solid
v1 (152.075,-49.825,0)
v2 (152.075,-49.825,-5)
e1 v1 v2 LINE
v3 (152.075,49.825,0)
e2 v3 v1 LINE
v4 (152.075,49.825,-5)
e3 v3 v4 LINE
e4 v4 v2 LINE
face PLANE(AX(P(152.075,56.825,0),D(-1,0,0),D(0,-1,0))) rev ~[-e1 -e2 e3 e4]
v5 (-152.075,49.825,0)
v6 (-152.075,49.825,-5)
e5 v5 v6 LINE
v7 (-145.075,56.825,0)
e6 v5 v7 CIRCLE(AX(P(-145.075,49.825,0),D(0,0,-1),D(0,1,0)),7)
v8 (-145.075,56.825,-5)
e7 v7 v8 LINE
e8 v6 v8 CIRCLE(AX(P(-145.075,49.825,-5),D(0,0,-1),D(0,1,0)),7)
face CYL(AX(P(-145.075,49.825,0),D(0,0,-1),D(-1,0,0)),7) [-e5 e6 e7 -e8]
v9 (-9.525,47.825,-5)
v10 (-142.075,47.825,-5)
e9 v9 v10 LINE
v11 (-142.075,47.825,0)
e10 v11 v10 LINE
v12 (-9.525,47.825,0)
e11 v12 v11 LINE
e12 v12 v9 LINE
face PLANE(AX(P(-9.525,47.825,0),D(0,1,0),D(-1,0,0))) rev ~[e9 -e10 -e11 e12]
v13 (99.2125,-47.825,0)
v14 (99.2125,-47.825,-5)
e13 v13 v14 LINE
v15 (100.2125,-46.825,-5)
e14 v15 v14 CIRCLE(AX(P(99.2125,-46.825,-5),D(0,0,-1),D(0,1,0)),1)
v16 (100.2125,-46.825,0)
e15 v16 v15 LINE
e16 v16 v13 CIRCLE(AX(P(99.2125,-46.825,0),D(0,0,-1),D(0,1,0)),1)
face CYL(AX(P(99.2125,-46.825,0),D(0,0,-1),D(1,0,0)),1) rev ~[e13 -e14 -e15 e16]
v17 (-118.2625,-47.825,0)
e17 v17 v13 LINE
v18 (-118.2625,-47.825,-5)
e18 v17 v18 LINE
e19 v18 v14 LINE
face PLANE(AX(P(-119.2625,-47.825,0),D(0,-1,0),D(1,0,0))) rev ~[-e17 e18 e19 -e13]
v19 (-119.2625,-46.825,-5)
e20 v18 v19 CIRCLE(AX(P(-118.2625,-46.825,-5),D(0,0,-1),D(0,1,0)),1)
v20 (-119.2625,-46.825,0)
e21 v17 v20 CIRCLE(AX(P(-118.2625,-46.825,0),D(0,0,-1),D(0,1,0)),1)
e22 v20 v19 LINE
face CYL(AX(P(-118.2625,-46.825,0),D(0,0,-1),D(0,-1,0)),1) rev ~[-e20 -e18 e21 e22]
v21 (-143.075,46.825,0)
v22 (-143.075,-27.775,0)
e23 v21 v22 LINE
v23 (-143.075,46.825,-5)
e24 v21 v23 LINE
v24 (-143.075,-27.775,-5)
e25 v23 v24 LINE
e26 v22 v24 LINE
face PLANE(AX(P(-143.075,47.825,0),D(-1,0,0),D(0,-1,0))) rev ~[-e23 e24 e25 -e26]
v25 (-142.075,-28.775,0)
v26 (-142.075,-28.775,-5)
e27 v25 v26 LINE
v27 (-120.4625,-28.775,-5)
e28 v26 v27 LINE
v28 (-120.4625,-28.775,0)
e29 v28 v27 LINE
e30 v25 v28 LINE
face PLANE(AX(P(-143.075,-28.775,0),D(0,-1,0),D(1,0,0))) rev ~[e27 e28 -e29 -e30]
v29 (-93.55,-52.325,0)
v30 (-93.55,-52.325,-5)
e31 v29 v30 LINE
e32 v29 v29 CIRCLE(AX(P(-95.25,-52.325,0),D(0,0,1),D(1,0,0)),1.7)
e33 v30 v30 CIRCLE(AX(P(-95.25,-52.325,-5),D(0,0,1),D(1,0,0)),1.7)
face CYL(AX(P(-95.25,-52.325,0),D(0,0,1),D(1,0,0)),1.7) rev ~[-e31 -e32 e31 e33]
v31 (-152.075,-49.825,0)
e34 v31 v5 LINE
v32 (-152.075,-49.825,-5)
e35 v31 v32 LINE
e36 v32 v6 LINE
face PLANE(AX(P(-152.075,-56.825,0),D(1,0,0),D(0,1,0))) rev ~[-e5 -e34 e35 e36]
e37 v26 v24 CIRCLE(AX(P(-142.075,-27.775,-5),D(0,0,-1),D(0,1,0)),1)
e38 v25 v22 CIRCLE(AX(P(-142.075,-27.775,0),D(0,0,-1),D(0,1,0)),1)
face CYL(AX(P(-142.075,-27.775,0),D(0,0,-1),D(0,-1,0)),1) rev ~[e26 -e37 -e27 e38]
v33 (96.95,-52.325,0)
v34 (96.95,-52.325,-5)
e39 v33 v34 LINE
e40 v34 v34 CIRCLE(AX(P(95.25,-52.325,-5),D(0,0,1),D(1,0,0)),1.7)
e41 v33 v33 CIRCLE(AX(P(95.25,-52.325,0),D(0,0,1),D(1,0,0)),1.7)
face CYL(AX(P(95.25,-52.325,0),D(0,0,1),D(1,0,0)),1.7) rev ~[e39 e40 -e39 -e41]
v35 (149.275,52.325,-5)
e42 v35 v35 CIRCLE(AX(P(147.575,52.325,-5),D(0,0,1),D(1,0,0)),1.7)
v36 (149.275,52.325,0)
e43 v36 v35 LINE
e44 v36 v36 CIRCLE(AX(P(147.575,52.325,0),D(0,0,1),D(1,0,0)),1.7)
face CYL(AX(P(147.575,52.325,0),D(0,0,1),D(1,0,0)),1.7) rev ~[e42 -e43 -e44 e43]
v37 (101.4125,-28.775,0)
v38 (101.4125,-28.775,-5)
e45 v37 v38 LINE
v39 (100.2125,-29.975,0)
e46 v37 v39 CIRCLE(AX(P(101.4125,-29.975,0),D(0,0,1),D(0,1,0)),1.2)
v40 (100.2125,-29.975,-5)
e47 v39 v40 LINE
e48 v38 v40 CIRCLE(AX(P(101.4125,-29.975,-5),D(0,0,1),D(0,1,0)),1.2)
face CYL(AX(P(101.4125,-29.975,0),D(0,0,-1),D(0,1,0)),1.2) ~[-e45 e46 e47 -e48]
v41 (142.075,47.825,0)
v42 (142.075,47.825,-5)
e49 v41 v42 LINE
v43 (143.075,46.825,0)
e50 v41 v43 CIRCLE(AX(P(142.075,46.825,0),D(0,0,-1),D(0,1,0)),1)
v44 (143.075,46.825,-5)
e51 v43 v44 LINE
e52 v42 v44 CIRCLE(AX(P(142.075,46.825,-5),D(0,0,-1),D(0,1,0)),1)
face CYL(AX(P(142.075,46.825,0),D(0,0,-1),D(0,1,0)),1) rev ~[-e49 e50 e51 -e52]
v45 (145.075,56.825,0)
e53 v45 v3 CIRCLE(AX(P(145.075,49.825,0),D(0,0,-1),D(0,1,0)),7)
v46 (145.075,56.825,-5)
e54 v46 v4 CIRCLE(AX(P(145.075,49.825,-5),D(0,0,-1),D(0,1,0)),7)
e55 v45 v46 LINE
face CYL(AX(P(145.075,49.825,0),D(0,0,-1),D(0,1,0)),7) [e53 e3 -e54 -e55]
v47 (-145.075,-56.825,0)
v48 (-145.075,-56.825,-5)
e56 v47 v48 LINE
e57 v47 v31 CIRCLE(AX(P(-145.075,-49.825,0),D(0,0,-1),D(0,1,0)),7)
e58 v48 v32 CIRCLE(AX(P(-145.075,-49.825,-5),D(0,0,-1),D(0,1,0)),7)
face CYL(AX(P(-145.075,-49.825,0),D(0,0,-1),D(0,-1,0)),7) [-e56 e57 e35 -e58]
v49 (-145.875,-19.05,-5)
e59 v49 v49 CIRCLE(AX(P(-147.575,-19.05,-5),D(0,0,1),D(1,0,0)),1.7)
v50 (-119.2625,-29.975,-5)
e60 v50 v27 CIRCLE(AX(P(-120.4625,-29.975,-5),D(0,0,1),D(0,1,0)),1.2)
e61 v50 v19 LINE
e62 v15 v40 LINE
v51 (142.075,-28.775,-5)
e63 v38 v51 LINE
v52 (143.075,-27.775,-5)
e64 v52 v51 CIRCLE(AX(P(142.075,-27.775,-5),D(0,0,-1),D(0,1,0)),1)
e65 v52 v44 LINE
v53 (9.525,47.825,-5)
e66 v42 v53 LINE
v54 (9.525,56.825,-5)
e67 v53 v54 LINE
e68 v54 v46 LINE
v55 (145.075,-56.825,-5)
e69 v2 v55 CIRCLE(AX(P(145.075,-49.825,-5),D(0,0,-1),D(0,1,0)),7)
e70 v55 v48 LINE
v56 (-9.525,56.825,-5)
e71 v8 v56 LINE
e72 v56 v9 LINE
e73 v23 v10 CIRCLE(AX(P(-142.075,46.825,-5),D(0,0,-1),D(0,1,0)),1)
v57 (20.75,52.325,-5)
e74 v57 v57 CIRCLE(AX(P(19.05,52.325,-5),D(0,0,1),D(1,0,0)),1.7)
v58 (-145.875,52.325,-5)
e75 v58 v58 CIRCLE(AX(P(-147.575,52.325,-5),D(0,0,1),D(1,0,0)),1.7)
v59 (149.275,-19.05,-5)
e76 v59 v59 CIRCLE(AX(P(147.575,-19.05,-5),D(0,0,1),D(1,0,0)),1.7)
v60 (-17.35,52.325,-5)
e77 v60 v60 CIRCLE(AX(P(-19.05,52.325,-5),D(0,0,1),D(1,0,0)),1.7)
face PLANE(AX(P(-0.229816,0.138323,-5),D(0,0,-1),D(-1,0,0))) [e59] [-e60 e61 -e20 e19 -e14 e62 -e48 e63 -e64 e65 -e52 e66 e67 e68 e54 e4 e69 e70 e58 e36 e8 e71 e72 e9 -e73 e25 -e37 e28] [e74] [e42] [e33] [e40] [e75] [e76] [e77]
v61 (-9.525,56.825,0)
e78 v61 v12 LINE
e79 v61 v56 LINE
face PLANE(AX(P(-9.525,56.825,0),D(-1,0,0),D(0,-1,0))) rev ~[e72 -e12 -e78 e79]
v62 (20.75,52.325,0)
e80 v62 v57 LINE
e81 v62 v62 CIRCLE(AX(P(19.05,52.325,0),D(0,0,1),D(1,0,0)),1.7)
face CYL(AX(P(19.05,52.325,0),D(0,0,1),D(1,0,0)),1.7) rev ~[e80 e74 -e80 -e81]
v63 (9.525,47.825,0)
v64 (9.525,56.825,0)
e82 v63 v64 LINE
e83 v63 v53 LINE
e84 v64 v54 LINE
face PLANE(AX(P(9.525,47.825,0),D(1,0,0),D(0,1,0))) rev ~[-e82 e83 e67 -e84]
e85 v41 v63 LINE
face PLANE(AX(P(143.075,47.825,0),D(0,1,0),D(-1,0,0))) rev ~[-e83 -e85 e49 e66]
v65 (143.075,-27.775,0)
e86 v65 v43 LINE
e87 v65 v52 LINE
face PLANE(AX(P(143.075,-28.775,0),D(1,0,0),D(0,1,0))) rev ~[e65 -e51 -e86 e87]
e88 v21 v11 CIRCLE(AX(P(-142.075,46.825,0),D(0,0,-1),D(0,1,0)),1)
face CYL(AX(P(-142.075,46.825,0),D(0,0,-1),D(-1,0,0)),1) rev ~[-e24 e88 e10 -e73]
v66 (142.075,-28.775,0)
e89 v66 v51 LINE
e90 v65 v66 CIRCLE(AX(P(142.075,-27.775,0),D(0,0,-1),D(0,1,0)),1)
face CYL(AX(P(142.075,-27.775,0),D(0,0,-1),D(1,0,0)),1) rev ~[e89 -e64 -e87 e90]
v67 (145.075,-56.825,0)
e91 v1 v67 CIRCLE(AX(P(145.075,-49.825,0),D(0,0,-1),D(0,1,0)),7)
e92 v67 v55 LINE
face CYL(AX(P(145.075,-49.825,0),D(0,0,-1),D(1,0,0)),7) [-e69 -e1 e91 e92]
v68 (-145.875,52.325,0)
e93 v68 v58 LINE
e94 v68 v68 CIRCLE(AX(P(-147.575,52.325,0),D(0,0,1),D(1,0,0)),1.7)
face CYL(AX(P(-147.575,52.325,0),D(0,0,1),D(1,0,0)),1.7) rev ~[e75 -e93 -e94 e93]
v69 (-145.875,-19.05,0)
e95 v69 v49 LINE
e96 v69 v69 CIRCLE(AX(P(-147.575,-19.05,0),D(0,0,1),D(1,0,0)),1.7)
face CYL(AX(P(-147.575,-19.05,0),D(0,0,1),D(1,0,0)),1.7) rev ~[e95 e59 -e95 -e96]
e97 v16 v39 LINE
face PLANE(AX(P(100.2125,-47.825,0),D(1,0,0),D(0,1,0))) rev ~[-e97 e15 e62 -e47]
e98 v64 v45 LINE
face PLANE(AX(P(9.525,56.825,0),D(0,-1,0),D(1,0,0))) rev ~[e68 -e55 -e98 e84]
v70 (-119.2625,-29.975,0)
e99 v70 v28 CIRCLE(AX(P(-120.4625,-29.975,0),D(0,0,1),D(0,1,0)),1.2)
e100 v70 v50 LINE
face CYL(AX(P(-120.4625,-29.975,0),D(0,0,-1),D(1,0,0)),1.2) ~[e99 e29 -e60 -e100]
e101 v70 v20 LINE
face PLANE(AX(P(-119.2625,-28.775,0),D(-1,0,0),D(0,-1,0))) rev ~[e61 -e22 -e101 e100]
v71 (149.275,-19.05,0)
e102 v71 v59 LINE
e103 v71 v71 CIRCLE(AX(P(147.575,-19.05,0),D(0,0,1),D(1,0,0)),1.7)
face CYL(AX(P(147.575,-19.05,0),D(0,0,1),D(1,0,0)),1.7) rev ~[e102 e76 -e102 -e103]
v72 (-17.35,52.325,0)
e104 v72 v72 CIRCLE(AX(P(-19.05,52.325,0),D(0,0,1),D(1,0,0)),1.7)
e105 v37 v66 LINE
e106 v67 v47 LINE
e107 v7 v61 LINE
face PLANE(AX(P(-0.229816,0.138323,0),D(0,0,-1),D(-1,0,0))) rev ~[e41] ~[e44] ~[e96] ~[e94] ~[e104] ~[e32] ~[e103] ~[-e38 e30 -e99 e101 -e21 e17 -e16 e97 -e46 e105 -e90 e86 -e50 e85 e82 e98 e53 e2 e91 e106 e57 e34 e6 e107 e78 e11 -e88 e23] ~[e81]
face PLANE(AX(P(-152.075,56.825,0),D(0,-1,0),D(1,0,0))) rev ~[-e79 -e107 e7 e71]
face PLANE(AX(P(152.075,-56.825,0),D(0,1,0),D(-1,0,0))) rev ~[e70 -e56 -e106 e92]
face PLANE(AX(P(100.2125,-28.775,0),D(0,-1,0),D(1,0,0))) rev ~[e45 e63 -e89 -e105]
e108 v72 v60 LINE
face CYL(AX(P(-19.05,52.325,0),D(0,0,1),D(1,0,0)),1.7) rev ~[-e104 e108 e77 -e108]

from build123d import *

# Parameters (mm, degrees)
PAD001_DEPTH  = 5
FILLET004_R   = 7
FILLET005_R   = 1
FILLET006_R   = 1.2
SKETCH014_R   = 1.7
HOLE003_DEPTH = 25


with BuildPart() as part:
    # Sketch001 → Pad001 (new body)
    with BuildSketch(Plane.XY):
        Polygon((-9.525, 56.825), (-9.525, 47.825), (-143.075, 47.825), (-143.075, -28.775), (-119.2625, -28.775), (-119.2625, -47.825), (100.2125, -47.825), (100.2125, -28.775), (143.075, -28.775), (143.075, 47.825), (9.525, 47.825), (9.525, 56.825), (152.075, 56.825), (152.075, -56.825), (-152.075, -56.825), (-152.075, 56.825), align=None)
    extrude(amount=-PAD001_DEPTH)

    # Fillet004
    fillet004_edges = [part.edges().sort_by_distance(p)[0] for p in [
        (-152.075, 56.825, -2.5),
        (-152.075, -56.825, -2.5),
        (152.075, 56.825, -2.5),
        (152.075, -56.825, -2.5),
    ]]
    fillet(fillet004_edges, radius=FILLET004_R)

    # Fillet005
    fillet005_edges = [part.edges().sort_by_distance(p)[0] for p in [
        (-143.075, 47.825, -2.5),
        (-143.075, -28.775, -2.5),
        (-119.2625, -47.825, -2.5),
        (100.2125, -47.825, -2.5),
        (143.075, -28.775, -2.5),
        (143.075, 47.825, -2.5),
    ]]
    fillet(fillet005_edges, radius=FILLET005_R)

    # Fillet006
    fillet006_edges = [part.edges().sort_by_distance(p)[0] for p in [
        (100.2125, -28.775, -2.5),
        (-119.2625, -28.775, -2.5),
    ]]
    fillet(fillet006_edges, radius=FILLET006_R)

    # Sketch014 (on Face1 of Fillet006) → Hole003 (cut)
    with BuildSketch(Plane.XY):
        with Locations((147.575, 52.325)):
            Circle(SKETCH014_R)
        with Locations((147.575, -19.05)):
            Circle(SKETCH014_R)
        with Locations((95.25, -52.325)):
            Circle(SKETCH014_R)
        with Locations((-95.25, -52.325)):
            Circle(SKETCH014_R)
        with Locations((-147.575, -19.05)):
            Circle(SKETCH014_R)
        with Locations((-147.575, 52.325)):
            Circle(SKETCH014_R)
        with Locations((-19.05, 52.325)):
            Circle(SKETCH014_R)
        with Locations((19.05, 52.325)):
            Circle(SKETCH014_R)
    extrude(amount=-HOLE003_DEPTH, mode=Mode.SUBTRACT)


solid = part.part
